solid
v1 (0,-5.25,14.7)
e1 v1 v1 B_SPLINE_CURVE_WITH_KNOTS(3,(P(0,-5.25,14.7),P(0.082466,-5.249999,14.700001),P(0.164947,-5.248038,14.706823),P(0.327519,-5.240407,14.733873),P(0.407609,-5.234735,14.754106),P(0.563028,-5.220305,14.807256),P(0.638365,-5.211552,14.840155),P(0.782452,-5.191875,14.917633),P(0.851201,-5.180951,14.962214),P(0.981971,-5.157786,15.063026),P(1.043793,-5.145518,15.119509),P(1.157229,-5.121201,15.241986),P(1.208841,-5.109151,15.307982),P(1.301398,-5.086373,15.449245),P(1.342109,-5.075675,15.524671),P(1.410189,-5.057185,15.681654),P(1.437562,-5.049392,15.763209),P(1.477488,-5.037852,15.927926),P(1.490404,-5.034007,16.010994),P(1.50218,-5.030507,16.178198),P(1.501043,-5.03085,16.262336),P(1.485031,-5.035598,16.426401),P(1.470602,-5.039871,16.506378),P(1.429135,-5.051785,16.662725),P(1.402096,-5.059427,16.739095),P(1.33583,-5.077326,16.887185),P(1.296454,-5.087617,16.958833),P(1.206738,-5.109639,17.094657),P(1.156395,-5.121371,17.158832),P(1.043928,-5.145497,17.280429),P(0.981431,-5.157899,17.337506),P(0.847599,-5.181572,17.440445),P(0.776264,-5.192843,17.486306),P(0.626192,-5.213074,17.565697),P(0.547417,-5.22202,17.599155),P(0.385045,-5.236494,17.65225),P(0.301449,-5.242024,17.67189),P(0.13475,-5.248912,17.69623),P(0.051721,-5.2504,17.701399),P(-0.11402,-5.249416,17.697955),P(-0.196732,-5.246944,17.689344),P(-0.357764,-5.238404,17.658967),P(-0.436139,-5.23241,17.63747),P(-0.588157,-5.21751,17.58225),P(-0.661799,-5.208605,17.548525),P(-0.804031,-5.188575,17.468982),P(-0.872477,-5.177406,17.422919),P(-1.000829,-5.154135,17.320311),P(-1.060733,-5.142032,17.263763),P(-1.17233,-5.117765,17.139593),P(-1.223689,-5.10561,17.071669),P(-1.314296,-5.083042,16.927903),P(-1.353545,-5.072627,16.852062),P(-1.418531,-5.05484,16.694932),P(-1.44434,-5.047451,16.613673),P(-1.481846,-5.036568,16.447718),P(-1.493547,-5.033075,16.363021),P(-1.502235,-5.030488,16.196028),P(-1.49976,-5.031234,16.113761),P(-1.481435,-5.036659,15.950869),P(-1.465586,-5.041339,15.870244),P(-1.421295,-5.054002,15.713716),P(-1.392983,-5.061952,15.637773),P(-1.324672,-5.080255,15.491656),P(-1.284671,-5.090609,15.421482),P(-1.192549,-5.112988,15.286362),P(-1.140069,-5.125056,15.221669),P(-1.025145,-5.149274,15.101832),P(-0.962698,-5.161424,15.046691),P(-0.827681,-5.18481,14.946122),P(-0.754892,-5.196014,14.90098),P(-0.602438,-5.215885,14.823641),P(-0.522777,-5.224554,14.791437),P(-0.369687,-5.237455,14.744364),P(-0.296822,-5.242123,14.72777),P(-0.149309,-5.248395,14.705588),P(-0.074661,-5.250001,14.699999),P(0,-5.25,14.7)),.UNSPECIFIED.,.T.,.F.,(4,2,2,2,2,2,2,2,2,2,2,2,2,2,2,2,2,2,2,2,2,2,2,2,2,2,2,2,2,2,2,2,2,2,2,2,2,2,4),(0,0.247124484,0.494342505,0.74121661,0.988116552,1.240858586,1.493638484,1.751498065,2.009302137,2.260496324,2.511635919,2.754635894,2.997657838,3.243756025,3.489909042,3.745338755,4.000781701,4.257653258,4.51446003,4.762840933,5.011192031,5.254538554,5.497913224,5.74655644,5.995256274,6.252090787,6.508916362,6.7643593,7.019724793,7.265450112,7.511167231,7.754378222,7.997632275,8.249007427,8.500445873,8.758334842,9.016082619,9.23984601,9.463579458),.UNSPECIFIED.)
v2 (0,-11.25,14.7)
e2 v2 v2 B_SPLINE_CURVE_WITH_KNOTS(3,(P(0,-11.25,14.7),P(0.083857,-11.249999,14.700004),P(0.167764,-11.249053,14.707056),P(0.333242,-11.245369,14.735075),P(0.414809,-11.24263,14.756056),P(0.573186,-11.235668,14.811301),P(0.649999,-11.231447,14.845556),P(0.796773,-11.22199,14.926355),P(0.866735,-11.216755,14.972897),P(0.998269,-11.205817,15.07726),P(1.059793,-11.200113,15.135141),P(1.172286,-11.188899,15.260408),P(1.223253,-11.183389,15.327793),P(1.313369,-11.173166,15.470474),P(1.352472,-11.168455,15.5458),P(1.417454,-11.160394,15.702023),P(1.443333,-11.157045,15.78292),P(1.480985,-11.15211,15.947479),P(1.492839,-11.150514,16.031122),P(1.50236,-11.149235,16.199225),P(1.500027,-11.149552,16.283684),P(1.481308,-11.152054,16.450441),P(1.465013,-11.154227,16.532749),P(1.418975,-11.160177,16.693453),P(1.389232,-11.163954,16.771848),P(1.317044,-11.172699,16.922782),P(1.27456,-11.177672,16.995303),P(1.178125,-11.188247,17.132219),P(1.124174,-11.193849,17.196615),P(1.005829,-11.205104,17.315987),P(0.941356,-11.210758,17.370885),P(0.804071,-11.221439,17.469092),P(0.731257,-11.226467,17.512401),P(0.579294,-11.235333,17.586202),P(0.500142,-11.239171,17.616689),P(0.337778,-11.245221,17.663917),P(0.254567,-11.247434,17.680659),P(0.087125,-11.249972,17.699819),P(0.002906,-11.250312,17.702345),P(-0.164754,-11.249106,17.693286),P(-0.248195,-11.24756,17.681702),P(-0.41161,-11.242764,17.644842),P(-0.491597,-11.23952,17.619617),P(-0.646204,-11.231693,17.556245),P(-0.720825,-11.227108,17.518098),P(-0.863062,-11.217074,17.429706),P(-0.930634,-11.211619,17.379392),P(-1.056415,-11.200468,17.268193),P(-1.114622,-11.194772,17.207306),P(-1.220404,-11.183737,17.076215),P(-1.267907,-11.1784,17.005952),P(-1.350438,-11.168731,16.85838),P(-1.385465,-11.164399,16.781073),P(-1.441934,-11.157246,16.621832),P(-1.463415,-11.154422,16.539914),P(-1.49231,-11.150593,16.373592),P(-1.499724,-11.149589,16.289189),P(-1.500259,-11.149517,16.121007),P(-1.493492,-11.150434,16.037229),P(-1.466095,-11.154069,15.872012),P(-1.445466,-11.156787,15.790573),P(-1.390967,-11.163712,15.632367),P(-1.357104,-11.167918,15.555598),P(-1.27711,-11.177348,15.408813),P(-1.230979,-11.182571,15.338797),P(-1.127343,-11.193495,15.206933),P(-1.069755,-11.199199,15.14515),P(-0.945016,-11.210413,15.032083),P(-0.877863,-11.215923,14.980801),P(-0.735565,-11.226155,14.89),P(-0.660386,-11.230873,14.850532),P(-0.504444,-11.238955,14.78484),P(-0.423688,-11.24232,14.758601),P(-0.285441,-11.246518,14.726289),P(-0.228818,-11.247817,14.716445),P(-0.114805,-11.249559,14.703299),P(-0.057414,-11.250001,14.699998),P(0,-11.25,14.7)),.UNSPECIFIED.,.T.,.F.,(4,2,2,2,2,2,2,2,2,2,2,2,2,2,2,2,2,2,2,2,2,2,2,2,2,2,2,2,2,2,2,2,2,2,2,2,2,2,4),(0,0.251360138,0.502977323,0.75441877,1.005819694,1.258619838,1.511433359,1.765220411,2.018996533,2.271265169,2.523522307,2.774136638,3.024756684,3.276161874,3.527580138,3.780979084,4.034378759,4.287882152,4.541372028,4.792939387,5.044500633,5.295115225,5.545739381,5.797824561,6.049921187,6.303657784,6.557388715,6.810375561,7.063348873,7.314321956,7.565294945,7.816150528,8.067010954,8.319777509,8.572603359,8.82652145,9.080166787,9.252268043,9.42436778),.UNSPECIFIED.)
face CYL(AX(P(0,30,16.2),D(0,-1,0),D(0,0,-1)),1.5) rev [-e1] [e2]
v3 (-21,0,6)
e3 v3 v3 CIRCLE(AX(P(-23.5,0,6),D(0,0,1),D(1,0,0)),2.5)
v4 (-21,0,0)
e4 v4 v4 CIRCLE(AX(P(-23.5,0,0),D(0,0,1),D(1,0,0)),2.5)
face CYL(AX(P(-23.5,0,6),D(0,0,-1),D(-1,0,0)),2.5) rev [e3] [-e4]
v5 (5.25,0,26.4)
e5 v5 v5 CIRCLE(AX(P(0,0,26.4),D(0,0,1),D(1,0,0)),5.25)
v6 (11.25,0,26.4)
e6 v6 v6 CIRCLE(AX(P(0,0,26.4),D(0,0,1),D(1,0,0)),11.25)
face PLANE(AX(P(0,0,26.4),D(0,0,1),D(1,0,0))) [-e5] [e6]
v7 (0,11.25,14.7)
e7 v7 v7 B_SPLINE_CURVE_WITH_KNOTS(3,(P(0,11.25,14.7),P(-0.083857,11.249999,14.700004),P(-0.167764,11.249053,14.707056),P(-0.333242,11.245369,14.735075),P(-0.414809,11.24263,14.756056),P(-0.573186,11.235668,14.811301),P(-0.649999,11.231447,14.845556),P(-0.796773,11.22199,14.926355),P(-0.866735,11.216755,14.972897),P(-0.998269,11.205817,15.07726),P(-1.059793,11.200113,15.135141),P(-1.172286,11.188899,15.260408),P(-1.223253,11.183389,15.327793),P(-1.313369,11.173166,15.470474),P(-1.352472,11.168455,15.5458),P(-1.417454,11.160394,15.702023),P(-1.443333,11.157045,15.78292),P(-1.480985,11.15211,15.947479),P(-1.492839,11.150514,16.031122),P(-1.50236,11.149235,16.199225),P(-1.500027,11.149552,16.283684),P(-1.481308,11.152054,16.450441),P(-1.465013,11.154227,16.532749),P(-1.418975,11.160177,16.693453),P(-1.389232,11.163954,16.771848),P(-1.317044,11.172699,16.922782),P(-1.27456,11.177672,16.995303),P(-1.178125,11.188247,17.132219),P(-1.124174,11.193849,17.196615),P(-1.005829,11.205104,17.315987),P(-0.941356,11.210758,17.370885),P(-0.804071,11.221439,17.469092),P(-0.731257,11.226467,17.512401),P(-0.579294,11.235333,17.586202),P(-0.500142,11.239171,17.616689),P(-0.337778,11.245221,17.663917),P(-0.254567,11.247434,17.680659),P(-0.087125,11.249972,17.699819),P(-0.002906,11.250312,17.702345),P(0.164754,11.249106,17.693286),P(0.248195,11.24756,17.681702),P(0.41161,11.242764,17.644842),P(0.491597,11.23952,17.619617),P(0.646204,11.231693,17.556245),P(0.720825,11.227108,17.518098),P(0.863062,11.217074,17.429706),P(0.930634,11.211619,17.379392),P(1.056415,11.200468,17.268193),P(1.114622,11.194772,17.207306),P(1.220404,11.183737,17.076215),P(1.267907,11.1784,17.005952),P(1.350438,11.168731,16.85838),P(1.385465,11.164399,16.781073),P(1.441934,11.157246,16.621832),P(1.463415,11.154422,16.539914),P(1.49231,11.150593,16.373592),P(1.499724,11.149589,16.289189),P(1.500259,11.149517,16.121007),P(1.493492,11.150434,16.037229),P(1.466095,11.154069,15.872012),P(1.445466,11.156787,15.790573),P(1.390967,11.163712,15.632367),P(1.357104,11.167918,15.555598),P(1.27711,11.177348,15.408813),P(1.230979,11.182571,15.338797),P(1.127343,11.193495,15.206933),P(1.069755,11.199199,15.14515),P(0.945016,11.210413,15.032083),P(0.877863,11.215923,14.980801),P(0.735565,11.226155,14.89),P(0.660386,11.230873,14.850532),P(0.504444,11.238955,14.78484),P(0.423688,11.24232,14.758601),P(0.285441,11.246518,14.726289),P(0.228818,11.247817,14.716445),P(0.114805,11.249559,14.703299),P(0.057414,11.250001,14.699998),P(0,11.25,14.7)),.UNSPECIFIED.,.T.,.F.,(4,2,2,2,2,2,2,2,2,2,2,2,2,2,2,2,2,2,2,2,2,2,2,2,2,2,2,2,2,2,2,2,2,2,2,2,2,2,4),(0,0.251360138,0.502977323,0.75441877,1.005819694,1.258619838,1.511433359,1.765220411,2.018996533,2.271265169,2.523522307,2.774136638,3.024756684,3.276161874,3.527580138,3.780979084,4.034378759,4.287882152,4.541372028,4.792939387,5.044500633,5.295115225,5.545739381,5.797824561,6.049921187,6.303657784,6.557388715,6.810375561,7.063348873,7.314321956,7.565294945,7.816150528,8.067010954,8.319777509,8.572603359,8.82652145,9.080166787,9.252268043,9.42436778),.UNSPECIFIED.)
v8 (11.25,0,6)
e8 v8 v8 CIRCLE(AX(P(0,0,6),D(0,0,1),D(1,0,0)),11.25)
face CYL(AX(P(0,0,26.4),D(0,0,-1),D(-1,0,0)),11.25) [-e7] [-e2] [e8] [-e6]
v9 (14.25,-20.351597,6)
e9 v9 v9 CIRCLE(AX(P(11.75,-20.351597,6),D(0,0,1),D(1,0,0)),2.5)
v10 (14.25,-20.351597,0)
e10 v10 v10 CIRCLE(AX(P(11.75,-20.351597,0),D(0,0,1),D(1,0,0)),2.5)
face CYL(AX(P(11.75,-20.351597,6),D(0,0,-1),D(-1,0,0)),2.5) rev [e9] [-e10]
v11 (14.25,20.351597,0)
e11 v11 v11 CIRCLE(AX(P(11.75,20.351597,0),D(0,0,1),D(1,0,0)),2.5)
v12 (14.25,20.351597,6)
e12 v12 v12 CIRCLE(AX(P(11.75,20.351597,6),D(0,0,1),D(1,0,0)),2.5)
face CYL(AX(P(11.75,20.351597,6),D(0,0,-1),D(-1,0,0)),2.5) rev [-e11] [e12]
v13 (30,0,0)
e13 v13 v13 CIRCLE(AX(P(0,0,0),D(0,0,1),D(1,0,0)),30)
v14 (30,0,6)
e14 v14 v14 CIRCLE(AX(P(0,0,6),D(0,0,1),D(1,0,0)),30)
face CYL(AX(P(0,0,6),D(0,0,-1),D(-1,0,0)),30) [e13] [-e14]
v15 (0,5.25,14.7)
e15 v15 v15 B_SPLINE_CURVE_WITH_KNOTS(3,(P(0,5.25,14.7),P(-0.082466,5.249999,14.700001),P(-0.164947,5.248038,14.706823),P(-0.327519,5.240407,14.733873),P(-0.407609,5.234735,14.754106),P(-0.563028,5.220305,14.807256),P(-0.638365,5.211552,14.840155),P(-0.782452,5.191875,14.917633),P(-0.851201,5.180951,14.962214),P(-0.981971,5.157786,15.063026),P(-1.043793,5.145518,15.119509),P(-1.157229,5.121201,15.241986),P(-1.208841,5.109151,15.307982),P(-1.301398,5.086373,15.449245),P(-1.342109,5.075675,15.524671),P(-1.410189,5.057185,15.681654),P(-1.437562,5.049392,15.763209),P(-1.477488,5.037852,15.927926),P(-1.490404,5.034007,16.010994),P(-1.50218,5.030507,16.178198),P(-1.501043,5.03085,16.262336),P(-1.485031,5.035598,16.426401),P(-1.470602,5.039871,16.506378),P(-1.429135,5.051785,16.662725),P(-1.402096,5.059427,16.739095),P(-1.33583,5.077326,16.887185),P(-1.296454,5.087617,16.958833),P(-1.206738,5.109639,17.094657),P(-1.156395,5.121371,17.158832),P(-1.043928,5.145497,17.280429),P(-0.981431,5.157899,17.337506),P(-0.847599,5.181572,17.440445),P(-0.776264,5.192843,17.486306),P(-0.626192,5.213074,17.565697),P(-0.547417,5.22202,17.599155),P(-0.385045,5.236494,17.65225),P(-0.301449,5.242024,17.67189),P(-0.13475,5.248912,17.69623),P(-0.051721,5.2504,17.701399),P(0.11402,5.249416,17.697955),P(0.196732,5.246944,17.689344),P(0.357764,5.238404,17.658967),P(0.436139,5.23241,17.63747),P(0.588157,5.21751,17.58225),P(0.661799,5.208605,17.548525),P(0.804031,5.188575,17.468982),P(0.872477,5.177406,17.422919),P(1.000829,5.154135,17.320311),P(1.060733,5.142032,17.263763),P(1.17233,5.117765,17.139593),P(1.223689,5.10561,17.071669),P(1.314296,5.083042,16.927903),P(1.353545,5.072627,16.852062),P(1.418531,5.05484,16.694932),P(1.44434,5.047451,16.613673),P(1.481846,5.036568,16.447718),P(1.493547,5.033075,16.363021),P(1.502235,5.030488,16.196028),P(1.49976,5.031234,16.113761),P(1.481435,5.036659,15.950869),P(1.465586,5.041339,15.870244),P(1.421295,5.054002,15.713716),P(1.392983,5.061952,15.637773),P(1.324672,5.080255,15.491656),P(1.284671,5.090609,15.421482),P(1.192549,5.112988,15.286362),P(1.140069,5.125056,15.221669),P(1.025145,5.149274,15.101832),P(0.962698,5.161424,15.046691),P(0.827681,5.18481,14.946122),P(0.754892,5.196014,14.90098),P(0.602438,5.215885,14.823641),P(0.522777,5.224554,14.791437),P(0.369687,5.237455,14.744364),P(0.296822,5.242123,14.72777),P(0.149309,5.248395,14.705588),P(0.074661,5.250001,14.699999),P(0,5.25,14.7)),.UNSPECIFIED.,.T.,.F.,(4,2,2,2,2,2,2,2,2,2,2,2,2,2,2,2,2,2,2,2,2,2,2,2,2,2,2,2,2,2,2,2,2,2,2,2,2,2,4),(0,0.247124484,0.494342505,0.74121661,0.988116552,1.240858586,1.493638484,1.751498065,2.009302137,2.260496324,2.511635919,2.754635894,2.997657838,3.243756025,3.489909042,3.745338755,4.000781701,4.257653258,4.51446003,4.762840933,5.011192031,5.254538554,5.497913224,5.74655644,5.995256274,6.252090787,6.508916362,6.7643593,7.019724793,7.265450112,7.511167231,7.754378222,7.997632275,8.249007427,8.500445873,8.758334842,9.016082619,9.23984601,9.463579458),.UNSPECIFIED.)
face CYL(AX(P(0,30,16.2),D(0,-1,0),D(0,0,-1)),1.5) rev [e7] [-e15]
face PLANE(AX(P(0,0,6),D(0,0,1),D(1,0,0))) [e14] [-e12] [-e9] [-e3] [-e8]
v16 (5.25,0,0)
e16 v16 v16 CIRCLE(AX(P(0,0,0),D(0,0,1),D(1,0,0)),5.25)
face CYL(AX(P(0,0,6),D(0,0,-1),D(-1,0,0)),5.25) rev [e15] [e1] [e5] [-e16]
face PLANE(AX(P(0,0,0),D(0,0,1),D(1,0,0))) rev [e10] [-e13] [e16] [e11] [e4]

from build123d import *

# Parameters (mm, degrees)
SKETCH_1_R               = 30
SKETCH_1_R_2             = 2.5
SKETCH_1_R_3             = 5.25
EXTRUDE_1_DEPTH          = 6
SKETCH_3_R               = 11.25
SKETCH_3_R_2             = 5.25
EXTRUDE_2_DEPTH          = 20.4
SKETCH_4_R               = 1.5
CUT_EXTRUDE_1_DEPTH      = 31
CUT_EXTRUDE_1_DEPTH_BACK = 31


with BuildPart() as part:
    # ｽｹｯﾁ1 → ﾎﾞｽ - 押し出し1 (new body)
    with BuildSketch(Plane.XY):
        Circle(SKETCH_1_R)
        with Locations((-23.5, 0)):
            Circle(SKETCH_1_R_2, mode=Mode.SUBTRACT)
        with Locations((11.75, -20.351596989)):
            Circle(SKETCH_1_R_2, mode=Mode.SUBTRACT)
        with Locations((11.75, 20.351596989)):
            Circle(SKETCH_1_R_2, mode=Mode.SUBTRACT)
        Circle(SKETCH_1_R_3, mode=Mode.SUBTRACT)
    extrude(amount=EXTRUDE_1_DEPTH)

    # ｽｹｯﾁ3 → ﾎﾞｽ - 押し出し2 (add)
    with BuildSketch(Plane.XY.offset(6)):
        Circle(SKETCH_3_R)
        Circle(SKETCH_3_R_2, mode=Mode.SUBTRACT)
    extrude(amount=EXTRUDE_2_DEPTH)

    # ｽｹｯﾁ4 → ｶｯﾄ - 押し出し1 (cut, two sides)
    with BuildSketch(Plane(origin=(0, 0, 0), x_dir=(1, 0, 0), z_dir=(0, 1, 0))) as cut_extrude_1_sk:
        with Locations((0, -16.2)):
            Circle(SKETCH_4_R)
    extrude(amount=CUT_EXTRUDE_1_DEPTH, mode=Mode.SUBTRACT)
    extrude(cut_extrude_1_sk.sketch, amount=-CUT_EXTRUDE_1_DEPTH_BACK, mode=Mode.SUBTRACT)


solid = part.part
